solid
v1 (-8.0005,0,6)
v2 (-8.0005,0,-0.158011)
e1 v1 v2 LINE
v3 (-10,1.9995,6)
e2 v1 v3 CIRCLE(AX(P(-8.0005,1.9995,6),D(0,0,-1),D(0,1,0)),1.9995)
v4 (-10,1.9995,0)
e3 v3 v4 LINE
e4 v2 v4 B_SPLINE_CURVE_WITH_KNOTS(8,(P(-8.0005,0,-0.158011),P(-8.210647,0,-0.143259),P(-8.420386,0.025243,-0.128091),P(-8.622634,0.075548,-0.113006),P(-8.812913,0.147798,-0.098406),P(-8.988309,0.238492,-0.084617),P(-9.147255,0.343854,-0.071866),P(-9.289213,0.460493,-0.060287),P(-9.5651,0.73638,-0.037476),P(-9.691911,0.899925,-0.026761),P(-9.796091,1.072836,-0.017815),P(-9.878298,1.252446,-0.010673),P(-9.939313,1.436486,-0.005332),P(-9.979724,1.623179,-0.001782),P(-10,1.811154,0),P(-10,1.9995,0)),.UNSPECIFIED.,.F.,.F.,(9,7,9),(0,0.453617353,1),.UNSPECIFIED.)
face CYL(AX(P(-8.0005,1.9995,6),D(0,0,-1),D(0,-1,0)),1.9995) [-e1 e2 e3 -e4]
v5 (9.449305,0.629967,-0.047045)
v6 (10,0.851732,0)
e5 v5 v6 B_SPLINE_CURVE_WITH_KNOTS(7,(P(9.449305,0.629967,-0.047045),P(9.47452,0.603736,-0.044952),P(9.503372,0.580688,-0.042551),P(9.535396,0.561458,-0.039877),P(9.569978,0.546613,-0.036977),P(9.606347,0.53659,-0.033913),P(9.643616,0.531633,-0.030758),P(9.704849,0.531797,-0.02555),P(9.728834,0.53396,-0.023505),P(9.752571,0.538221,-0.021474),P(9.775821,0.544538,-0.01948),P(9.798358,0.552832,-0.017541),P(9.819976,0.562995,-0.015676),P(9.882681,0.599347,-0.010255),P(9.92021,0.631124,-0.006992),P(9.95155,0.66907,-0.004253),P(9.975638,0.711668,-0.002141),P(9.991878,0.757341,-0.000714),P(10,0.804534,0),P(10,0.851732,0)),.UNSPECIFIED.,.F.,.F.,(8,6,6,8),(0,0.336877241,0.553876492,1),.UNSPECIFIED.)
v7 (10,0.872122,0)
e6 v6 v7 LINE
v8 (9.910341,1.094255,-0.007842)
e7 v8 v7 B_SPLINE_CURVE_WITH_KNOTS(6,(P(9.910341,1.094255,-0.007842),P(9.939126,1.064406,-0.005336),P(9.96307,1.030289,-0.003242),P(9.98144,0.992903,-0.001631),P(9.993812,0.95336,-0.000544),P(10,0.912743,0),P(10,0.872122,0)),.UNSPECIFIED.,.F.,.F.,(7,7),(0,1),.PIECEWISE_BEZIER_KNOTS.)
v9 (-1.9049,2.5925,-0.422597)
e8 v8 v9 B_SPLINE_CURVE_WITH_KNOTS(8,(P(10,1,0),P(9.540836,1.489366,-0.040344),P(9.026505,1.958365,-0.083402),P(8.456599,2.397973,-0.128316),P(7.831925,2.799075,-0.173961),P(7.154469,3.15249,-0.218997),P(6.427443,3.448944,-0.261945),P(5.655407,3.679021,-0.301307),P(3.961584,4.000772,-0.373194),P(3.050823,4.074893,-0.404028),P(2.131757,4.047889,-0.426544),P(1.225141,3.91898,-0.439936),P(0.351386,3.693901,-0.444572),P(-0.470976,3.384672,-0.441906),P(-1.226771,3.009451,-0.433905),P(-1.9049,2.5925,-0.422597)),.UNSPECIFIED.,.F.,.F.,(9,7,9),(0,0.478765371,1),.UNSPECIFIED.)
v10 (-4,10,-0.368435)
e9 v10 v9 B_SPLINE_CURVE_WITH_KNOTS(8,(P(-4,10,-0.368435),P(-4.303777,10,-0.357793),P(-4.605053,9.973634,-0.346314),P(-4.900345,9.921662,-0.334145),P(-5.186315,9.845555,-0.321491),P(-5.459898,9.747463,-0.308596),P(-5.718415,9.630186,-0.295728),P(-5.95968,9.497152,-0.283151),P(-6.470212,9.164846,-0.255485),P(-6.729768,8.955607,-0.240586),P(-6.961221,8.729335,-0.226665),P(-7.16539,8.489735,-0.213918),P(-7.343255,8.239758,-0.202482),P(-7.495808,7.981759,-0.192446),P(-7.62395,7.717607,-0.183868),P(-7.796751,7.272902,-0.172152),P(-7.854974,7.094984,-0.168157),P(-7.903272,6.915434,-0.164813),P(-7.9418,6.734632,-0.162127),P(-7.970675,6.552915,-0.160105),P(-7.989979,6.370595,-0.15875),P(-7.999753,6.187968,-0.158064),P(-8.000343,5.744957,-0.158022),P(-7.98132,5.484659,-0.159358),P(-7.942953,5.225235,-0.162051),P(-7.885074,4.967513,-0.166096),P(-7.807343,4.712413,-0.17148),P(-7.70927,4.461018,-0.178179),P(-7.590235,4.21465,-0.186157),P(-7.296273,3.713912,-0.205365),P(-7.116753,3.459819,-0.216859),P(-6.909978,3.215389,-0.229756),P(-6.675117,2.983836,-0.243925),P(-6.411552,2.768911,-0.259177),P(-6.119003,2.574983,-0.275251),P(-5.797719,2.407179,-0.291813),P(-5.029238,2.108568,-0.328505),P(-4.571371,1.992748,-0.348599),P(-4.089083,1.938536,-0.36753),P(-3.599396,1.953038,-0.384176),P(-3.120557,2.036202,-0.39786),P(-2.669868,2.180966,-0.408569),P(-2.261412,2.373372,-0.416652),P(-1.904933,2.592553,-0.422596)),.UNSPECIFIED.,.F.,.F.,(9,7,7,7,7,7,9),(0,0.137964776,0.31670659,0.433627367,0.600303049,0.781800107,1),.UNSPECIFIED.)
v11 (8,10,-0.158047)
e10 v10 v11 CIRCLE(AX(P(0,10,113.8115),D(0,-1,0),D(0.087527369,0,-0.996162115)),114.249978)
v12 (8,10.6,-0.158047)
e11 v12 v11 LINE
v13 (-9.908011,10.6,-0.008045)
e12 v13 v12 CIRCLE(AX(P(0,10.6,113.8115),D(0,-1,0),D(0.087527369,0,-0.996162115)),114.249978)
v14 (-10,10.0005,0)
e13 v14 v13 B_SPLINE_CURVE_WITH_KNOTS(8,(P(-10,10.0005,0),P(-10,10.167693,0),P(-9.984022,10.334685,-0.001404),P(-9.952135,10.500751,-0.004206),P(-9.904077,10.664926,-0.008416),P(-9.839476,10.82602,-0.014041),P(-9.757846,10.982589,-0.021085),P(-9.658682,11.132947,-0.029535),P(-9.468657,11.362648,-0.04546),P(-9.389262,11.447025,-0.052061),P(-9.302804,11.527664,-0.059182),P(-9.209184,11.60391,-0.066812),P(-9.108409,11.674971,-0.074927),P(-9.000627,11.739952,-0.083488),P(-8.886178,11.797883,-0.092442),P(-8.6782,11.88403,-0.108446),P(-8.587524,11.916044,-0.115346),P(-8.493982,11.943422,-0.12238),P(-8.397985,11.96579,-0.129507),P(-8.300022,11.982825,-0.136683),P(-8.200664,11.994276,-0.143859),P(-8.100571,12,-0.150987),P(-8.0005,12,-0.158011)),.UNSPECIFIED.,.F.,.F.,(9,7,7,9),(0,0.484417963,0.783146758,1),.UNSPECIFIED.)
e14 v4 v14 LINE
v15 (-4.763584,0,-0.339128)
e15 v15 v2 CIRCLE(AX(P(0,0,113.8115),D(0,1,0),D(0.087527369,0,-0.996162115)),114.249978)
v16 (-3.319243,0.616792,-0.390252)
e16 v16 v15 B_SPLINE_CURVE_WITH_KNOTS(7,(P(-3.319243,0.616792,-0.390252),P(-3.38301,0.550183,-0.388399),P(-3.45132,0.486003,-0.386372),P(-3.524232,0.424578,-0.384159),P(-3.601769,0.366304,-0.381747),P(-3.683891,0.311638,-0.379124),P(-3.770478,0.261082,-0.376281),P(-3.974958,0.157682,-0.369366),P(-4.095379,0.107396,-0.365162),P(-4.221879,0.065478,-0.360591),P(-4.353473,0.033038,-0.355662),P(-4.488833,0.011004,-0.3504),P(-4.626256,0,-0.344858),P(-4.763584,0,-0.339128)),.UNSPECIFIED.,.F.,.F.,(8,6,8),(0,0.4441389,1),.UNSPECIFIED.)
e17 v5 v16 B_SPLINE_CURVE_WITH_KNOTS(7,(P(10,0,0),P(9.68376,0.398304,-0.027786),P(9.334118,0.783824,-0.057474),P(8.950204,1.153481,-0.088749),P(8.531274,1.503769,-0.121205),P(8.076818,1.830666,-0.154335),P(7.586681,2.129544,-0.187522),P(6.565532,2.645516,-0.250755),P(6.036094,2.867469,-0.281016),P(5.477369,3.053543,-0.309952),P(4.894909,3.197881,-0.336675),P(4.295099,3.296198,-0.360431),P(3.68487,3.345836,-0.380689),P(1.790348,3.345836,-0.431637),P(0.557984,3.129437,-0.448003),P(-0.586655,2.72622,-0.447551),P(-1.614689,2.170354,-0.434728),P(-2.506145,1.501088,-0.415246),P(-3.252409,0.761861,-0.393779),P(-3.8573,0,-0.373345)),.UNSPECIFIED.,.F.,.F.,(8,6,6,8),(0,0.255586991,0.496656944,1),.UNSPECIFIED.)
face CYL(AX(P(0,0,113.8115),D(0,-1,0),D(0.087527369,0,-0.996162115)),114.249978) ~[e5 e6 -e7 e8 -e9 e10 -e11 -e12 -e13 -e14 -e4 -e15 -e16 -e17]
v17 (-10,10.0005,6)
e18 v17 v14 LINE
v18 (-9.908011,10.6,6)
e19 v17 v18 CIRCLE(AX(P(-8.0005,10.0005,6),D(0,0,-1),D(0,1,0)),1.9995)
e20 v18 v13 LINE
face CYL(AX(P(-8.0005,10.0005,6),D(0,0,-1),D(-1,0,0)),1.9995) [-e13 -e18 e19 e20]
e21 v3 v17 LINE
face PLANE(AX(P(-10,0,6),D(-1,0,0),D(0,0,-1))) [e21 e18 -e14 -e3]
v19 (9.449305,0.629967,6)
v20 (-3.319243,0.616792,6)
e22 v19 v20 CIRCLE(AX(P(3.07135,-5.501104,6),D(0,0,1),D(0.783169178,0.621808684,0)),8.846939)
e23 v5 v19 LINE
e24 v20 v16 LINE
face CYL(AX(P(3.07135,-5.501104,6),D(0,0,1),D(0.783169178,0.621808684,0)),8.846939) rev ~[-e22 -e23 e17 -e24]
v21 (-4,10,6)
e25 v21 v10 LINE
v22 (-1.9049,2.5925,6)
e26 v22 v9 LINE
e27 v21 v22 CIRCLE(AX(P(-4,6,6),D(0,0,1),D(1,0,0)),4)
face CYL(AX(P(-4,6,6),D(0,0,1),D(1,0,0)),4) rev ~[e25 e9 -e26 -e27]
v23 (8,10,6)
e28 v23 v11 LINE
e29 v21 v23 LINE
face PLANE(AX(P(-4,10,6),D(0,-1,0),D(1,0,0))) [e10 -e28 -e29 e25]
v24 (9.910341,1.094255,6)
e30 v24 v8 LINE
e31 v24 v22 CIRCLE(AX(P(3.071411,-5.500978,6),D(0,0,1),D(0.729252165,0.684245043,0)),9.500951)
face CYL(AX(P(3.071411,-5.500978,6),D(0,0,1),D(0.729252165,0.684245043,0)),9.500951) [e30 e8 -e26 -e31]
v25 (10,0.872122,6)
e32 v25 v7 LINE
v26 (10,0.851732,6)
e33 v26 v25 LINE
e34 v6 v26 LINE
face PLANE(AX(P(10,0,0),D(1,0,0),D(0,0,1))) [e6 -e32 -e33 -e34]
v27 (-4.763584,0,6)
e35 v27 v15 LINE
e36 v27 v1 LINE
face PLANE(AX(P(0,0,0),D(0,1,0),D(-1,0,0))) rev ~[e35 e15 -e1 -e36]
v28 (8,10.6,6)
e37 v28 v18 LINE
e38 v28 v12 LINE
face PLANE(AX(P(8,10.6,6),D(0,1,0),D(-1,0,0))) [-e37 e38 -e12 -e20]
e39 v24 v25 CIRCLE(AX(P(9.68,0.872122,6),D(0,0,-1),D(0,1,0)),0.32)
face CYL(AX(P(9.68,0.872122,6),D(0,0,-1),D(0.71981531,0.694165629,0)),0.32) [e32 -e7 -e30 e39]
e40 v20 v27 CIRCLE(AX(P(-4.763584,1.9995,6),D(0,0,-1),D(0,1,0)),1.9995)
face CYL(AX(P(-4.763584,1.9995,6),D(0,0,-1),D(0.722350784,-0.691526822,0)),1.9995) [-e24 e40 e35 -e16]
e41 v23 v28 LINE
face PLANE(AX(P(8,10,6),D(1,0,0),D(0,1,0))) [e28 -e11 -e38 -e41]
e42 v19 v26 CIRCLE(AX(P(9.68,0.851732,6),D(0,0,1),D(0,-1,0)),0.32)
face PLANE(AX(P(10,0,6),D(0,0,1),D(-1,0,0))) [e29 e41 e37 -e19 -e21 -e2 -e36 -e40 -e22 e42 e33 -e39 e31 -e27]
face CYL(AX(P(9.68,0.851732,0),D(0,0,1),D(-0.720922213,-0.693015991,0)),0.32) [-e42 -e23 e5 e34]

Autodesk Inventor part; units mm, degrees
ref_plane "YZ Plane" through (0, 0, 0) normal (1, 0, 0) x (0, 1, 0)
ref_plane "XZ Plane" through (0, 0, 0) normal (0, 1, 0) x (-1, 0, 0)
ref_plane "XY Plane" through (0, 0, 0) normal (0, 0, 1) x (1, 0, 0)
sketch "Sketch1" plane through (0, 0, 0) normal (0, 1, 0) x (-1, 0, 0)
  arc A0 (-10, 0) -> (10, 0) centre (0, 113.8115) ccw
  line L0 (10, 0) -> (-10, 0) construction
  line L1 (10, 0) -> (-10, 0)
  line L2 (-10, 0) -> (-10, 6)
  line L3 (-10, 6) -> (10, 6)
  line L4 (10, 6) -> (10, 0)
  point P0 (0, 0)
  point P1 (0, 0)
  dimension "d0" = 114.25
  dimension "d1" = 20
  dimension "d2" = 6
extrude "Extrusion1" add sketch "Sketch1" along normal blind 12
sketch "Sketch2" plane through (-10, 0, 6) normal (0, 0, 1) x (1, 0, 0)
  line L0 (20, 0) -> (0, 0) construction
  line L1 (20, 0) -> (20, 12) construction
  line L2 (0, 12) -> (20, 12) construction
  line L3 (0, 0) -> (0, 12) construction
  circle A0 centre (6, 6) radius 4
  arc A1 (20, 1) -> (8.0951, 2.5925) centre (13.0714, -5.501) ccw
  line L4 (10, 6) -> (10, 0) construction
  line L5 (6, 10) -> (20, 10)
  line L6 (20, 1) -> (20, 0)
  line L7 (20, 0) -> (0, 0) construction
  line L8 (20, 0) -> (0, 0)
  line L9 (0, 0) -> (0, 12)
  line L10 (20, 12) -> (0, 12) construction
  line L11 (20, 12) -> (20, 10)
  line L12 (20, 12) -> (0, 12)
  line L13 (10.6891, 4) -> (16.5284, 4) construction
  arc A2 (20, 0) -> (6.1427, 0) centre (13.0714, -5.501) ccw
  line L14 (20, 1) -> (20, 10)
  point P0 (20, 6)
  dimension "d5" = 8
  dimension "d7" = 1
  dimension "d8" = 2
  dimension "d14" = 2
extrude "Extrusion2" cut sketch "Sketch2" against normal through all contours A0 | A0 L5 L14 A1 | L8 A2
fillet "Fillet1" radius 0.32 2 edges at (10, 0, 3) (10, 1, 3)
fillet "Fillet2" radius 2 4 edges at (-3.8573, 0, 2.8133) (-10, 12, 3) (-10, 0, 3) (10, 10, 3)
sketch "Sketch3" plane through (-8, 0, 6) normal (0, 0, 1) x (1, 0, 0)
  arc A0 (16, 10) -> (18, 12) centre (16, 12) ccw construction
  line L0 (0, 12) -> (18, 12) construction
  arc A1 (0, 12) -> (-2, 10) centre (0, 10) ccw construction
  line L1 (-2, 2) -> (-2, 10) construction
  arc A2 (-2, 2) -> (0, 0) centre (0, 2) ccw construction
  line L2 (3.2362, 0) -> (0, 0) construction
  arc A3 (3.2362, 0) -> (4.6809, 0.6169) centre (3.2362, 2) ccw construction
  arc A4 (17.4493, 0.63) -> (4.6809, 0.6169) centre (11.0714, -5.501) ccw construction
  arc A5 (17.4493, 0.63) -> (18, 0.8517) centre (17.68, 0.8517) ccw construction
  line L3 (18, 0.8517) -> (18, 0.8721) construction
  arc A6 (18, 0.8721) -> (17.9103, 1.0943) centre (17.68, 0.8721) ccw construction
  arc A7 (17.9103, 1.0943) -> (6.0951, 2.5925) centre (11.0714, -5.501) ccw construction
  arc A8 (4, 10) -> (6.0951, 2.5925) centre (4, 6) ccw construction
  line L4 (4, 10) -> (16, 10) construction
  line L5 (-2, 12) -> (18, 12)
  line L6 (18, 12) -> (18, 10.6)
  line L7 (18, 10.6) -> (-2, 10.6)
  line L8 (-2, 10.6) -> (-2, 12)
  line L9 (16, 10.6) -> (18, 10.6)
  line L10 (18, 10.6) -> (18, 10)
  line L11 (18, 10) -> (16, 10)
  line L12 (16, 10) -> (16, 10.6)
  point P0 (8, 0)
  dimension "d15" = 20
  dimension "d16" = 1.4
extrude "Extrusion3" cut sketch "Sketch3" against normal blind 10
properties part number "receiving_clip"
